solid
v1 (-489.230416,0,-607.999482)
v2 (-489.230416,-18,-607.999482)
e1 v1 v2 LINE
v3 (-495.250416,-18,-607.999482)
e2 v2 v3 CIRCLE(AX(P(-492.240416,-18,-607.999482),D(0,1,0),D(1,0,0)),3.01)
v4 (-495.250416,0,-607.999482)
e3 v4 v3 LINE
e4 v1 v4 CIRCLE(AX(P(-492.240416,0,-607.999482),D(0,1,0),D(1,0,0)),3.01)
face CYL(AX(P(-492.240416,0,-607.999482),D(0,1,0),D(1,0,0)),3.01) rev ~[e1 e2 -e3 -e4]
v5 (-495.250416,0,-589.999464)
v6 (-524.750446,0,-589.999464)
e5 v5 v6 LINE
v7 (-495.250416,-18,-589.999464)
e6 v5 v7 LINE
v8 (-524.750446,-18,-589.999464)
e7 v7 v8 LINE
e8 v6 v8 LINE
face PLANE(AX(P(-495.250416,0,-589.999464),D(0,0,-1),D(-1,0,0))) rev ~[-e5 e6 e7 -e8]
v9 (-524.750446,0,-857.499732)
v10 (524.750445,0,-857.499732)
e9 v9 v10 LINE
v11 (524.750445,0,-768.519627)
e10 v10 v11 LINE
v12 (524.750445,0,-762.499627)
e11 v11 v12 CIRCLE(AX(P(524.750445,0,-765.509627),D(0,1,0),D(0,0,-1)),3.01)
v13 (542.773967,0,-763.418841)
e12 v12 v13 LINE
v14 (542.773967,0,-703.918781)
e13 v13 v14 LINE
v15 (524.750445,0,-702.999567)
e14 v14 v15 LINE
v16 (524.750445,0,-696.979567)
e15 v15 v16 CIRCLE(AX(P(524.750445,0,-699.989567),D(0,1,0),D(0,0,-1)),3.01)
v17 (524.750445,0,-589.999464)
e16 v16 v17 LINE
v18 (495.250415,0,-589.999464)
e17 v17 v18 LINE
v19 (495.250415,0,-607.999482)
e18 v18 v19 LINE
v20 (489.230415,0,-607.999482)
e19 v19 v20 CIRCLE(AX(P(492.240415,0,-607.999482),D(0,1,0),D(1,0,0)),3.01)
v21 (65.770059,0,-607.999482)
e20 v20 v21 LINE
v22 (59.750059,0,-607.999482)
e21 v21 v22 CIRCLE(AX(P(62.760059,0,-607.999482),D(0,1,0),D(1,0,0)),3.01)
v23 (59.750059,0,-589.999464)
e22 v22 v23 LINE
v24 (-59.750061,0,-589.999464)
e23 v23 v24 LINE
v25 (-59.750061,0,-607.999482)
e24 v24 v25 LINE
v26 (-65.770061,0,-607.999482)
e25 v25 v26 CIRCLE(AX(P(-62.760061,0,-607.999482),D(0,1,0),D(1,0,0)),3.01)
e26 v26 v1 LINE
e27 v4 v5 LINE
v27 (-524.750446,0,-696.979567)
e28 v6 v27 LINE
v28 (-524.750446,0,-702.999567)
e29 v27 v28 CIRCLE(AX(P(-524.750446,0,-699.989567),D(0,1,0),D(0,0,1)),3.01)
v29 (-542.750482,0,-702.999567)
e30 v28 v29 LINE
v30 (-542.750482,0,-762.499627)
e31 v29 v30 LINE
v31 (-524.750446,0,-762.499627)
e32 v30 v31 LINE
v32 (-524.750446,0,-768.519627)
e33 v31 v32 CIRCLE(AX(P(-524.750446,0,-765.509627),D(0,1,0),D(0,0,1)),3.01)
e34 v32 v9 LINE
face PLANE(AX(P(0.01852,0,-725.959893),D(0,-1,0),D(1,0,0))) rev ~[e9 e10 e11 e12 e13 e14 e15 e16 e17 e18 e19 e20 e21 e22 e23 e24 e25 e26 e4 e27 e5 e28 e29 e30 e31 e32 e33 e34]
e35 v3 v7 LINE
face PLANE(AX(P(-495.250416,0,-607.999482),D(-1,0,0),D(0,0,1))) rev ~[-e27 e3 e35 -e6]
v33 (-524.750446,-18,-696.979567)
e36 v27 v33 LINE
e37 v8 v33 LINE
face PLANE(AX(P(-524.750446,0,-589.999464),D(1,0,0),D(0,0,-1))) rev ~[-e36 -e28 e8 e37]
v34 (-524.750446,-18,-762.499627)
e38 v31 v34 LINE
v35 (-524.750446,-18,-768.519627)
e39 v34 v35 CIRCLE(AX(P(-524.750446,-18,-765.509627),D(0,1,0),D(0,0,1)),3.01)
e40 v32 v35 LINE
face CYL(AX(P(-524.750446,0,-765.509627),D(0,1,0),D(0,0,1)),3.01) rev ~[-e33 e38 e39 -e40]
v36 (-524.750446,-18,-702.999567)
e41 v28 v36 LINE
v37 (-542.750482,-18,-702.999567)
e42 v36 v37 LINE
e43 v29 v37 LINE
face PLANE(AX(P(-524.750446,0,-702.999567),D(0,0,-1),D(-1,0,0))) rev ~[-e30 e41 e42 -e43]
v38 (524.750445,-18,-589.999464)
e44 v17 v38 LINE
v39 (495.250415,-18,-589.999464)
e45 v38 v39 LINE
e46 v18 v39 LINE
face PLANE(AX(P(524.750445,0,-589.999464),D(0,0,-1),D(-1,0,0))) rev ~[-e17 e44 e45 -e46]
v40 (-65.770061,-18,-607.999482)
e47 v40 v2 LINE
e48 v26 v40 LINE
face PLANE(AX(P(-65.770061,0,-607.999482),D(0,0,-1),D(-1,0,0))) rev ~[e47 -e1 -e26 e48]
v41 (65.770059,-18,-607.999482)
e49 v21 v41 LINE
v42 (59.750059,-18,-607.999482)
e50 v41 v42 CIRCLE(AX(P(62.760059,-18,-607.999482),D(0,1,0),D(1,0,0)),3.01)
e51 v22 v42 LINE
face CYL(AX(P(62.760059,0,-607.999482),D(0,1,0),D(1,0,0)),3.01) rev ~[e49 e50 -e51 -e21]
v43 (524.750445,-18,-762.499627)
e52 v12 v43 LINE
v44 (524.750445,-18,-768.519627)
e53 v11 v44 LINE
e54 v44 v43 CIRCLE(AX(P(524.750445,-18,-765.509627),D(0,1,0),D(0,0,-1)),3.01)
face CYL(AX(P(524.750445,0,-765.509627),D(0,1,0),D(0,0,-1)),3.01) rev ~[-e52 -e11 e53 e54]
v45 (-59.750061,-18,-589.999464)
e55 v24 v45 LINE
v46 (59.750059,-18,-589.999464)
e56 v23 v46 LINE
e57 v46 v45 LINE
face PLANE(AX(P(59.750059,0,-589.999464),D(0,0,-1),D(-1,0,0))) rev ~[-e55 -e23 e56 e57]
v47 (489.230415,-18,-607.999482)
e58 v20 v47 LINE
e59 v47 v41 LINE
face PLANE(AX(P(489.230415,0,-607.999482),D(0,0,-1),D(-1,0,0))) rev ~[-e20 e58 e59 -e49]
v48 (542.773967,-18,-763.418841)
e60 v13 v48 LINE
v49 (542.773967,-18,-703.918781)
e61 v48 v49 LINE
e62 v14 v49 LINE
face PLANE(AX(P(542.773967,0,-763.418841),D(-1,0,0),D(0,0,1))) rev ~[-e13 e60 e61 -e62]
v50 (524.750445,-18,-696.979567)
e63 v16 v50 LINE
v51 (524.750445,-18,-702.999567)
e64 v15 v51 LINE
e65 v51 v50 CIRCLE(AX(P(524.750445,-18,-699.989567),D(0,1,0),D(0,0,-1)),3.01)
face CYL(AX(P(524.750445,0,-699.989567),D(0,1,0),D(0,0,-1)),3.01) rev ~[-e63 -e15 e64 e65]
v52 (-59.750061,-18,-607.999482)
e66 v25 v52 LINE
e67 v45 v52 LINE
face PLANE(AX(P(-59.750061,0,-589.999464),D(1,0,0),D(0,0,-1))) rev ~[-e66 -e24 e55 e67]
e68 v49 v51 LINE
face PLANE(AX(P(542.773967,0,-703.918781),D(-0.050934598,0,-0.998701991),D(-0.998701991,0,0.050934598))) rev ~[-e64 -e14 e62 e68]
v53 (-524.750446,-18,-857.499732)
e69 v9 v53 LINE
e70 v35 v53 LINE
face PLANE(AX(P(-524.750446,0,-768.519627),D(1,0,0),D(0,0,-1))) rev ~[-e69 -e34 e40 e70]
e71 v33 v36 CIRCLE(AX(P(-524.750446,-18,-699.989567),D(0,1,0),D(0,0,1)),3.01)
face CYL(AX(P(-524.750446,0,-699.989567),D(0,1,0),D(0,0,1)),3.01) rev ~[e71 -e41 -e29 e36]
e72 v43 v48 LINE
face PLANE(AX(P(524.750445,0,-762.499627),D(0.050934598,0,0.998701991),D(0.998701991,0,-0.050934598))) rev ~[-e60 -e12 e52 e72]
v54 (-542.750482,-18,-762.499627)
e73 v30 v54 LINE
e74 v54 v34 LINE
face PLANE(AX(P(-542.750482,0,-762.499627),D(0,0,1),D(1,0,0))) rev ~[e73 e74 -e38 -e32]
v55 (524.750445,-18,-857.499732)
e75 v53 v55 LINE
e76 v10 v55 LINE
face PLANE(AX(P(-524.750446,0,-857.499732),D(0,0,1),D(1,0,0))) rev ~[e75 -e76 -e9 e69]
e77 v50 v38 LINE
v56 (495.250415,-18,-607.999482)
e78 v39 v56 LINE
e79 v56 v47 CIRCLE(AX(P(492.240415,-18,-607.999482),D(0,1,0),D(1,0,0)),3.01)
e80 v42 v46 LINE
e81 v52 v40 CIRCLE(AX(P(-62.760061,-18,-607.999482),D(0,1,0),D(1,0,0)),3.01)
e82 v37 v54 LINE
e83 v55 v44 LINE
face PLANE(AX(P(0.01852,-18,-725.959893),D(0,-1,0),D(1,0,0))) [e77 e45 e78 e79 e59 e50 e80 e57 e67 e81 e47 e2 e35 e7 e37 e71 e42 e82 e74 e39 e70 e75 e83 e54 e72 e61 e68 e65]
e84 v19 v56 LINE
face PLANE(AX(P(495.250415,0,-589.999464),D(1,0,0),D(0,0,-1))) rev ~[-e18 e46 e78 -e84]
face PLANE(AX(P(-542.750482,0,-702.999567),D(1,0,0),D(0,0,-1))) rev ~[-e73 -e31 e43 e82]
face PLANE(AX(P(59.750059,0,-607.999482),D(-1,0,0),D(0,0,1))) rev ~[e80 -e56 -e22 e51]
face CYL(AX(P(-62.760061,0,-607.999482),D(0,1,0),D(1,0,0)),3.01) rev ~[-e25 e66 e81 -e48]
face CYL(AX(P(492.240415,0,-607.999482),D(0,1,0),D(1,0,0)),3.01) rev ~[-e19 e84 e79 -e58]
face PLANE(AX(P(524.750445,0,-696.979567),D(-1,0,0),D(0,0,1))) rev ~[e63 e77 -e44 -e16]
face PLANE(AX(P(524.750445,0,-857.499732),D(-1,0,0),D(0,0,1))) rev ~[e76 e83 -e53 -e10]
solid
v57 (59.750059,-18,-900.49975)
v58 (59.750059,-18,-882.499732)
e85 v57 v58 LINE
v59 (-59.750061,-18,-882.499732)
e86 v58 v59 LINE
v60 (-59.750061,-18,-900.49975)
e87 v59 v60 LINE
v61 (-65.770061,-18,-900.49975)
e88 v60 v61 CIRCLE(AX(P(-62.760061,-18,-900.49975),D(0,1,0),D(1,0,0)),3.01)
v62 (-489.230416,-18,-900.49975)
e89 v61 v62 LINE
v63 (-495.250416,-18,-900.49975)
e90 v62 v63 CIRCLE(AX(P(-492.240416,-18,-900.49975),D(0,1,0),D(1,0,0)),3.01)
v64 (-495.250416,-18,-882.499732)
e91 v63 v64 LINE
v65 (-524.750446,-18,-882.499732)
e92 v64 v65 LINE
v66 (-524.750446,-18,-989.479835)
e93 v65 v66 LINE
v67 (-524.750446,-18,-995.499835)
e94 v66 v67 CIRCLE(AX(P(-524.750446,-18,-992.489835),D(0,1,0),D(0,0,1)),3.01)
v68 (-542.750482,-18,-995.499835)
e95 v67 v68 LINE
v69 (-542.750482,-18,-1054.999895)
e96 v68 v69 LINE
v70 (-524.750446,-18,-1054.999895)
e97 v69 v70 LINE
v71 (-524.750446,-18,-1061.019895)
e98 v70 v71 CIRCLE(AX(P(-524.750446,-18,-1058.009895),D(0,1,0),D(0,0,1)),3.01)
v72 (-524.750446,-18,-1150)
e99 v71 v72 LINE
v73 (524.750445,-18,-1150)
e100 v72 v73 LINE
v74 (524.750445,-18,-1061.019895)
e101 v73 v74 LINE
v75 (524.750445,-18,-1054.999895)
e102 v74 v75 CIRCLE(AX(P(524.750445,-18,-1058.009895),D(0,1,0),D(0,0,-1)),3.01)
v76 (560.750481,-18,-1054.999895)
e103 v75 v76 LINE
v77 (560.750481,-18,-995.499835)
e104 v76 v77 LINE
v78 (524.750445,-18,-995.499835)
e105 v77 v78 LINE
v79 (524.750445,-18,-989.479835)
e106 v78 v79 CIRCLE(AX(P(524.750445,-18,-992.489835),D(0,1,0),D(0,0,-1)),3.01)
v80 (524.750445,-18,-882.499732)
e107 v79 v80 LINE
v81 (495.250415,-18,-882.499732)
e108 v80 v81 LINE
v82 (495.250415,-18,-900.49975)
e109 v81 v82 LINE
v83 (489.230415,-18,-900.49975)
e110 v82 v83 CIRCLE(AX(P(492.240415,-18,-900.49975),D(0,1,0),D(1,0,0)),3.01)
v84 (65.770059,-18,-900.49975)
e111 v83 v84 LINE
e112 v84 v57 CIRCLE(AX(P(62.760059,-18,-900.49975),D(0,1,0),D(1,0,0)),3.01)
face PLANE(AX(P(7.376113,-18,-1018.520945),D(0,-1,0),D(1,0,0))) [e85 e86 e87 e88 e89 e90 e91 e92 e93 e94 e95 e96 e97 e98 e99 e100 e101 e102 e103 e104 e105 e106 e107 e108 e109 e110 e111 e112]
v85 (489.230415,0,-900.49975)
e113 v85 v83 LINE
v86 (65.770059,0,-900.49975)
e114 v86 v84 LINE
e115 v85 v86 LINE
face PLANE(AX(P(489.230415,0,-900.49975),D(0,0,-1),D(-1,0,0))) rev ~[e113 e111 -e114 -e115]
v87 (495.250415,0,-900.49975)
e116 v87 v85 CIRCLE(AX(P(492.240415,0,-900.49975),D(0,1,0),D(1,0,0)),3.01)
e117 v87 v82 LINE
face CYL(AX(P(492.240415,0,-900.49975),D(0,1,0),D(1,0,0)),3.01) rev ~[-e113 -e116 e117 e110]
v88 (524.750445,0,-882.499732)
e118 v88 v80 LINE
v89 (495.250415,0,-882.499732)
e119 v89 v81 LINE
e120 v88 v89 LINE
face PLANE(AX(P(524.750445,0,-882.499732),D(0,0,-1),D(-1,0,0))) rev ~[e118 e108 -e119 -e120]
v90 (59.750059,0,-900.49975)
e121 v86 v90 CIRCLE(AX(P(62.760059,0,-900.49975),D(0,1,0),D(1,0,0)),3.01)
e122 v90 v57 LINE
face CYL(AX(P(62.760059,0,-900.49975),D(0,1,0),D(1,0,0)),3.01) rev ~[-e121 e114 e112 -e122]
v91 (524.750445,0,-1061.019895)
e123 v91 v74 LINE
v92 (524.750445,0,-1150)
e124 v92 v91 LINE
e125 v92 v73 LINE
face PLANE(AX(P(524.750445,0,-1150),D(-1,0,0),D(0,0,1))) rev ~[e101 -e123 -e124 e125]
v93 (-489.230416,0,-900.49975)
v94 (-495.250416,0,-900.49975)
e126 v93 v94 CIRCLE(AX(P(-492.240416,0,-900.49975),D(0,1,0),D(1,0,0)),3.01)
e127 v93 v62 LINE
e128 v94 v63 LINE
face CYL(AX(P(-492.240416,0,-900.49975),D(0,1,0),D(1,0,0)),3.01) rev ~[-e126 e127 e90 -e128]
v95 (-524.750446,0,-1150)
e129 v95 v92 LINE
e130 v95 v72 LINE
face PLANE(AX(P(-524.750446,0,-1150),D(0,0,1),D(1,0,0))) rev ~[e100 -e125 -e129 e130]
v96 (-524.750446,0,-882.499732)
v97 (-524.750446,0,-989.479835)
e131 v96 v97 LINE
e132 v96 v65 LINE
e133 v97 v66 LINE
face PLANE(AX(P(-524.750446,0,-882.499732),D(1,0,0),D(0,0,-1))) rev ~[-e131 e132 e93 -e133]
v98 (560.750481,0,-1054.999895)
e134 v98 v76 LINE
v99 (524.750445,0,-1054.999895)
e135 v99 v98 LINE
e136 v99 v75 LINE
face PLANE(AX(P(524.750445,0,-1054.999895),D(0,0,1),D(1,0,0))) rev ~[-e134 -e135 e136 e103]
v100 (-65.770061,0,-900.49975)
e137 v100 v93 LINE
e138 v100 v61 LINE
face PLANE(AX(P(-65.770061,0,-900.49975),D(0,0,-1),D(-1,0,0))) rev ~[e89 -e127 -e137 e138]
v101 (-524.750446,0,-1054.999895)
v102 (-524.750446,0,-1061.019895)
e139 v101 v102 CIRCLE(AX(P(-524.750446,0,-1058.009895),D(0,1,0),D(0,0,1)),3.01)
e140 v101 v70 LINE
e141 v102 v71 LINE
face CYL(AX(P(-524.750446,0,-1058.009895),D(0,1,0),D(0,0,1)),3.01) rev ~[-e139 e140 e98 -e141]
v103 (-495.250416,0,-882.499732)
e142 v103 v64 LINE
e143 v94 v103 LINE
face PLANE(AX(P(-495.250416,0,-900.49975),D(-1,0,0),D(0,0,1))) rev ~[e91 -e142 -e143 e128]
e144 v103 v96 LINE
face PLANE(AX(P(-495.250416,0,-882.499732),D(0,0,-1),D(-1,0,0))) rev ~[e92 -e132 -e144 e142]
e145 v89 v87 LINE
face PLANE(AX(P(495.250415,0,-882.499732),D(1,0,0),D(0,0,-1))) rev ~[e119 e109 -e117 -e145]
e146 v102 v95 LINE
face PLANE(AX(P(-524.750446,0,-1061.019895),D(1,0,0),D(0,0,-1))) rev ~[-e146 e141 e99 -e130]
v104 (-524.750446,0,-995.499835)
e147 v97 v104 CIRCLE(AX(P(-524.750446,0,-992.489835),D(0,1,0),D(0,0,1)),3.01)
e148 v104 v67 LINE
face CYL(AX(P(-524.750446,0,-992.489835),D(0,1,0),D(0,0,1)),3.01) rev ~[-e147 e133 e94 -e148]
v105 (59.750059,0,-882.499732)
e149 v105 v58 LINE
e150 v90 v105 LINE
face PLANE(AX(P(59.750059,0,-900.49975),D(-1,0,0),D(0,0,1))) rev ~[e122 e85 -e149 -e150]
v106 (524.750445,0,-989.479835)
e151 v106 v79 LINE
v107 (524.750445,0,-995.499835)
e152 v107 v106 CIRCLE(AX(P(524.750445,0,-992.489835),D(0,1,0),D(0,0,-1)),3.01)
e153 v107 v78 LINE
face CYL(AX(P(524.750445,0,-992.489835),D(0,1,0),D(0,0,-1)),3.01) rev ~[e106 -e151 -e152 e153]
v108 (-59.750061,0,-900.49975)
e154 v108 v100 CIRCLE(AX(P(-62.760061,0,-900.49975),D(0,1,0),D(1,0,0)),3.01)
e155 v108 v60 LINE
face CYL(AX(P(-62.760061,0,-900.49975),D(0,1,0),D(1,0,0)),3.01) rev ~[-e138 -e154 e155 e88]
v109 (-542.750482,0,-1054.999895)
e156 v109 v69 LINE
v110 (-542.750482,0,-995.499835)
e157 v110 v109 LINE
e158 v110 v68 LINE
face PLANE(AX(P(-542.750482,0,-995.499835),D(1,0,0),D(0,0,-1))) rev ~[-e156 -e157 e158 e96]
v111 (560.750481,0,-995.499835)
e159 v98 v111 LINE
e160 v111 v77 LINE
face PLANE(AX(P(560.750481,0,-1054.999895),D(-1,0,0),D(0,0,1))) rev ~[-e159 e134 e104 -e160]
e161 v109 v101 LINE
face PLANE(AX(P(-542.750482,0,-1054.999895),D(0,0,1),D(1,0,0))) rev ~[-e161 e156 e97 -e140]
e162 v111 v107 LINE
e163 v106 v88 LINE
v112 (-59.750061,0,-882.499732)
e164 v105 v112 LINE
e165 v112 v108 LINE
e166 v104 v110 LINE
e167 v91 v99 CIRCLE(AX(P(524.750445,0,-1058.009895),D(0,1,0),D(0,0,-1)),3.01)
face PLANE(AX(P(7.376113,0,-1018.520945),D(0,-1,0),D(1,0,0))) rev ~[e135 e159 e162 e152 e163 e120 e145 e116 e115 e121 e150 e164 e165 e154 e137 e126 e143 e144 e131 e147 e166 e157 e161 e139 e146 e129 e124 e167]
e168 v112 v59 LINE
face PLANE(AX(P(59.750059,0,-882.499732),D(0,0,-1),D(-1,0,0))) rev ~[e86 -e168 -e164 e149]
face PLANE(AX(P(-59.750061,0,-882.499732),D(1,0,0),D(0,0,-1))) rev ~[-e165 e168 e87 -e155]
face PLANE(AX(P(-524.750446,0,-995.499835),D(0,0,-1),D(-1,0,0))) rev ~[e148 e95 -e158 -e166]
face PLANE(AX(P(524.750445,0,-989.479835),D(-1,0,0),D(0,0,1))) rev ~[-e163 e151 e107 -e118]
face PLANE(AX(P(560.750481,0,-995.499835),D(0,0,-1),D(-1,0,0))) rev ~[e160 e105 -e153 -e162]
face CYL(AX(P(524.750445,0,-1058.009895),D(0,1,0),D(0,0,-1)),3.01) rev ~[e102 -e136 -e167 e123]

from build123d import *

# Parameters (mm, degrees)
F1_DEPTH = 18
F2_DEPTH = 18


with BuildPart() as f1:
    # F0 (on Front) → F1 (new body)
    with BuildSketch(Plane.XZ):
        with BuildLine():
            Line((59.750059, -882.499732), (-59.750061, -882.499732))
            Line((-59.750061, -882.499732), (-59.750061, -900.49975))
            ThreePointArc((-59.750061, -900.49975), (-62.760061, -903.50975), (-65.770061, -900.49975))
            Line((-65.770061, -900.49975), (-489.230416, -900.49975))
            ThreePointArc((-489.230416, -900.49975), (-492.240416, -903.50975), (-495.250416, -900.49975))
            Line((-495.250416, -900.49975), (-495.250416, -882.499732))
            Line((-495.250416, -882.499732), (-524.750446, -882.499732))
            Line((-524.750446, -882.499732), (-524.750446, -989.479835))
            ThreePointArc((-524.750446, -989.479835), (-521.740446, -992.489835), (-524.750446, -995.499835))
            Line((-524.750446, -995.499835), (-542.750482, -995.499835))
            Line((-542.750482, -995.499835), (-542.750482, -1054.999895))
            Line((-542.750482, -1054.999895), (-524.750446, -1054.999895))
            ThreePointArc((-524.750446, -1054.999895), (-521.740446, -1058.009895), (-524.750446, -1061.019895))
            Line((-524.750446, -1061.019895), (-524.750446, -1150))
            Line((-524.750446, -1150), (524.750445, -1150))
            Line((524.750445, -1150), (524.750445, -1061.019895))
            ThreePointArc((524.750445, -1061.019895), (521.740445, -1058.009895), (524.750445, -1054.999895))
            Line((524.750445, -1054.999895), (560.750481, -1054.999895))
            Line((560.750481, -1054.999895), (560.750481, -995.499835))
            Line((560.750481, -995.499835), (524.750445, -995.499835))
            ThreePointArc((524.750445, -995.499835), (521.740445, -992.489835), (524.750445, -989.479835))
            Line((524.750445, -989.479835), (524.750445, -882.499732))
            Line((524.750445, -882.499732), (495.250415, -882.499732))
            Line((495.250415, -882.499732), (495.250415, -900.49975))
            ThreePointArc((495.250415, -900.49975), (492.240415, -903.50975), (489.230415, -900.49975))
            Line((489.230415, -900.49975), (65.770059, -900.49975))
            ThreePointArc((65.770059, -900.49975), (62.760059, -903.50975), (59.750059, -900.49975))
            Line((59.750059, -900.49975), (59.750059, -882.499732))
        make_face()
    extrude(amount=F1_DEPTH)


with BuildPart() as f2:
    # F0 (on Front) → F2 (new body)
    with BuildSketch(Plane.XZ):
        with BuildLine():
            Line((59.750059, -589.999464), (-59.750061, -589.999464))
            Line((-59.750061, -589.999464), (-59.750061, -607.999482))
            ThreePointArc((-59.750061, -607.999482), (-62.760061, -611.009482), (-65.770061, -607.999482))
            Line((-65.770061, -607.999482), (-489.230416, -607.999482))
            ThreePointArc((-489.230416, -607.999482), (-492.240416, -611.009482), (-495.250416, -607.999482))
            Line((-495.250416, -607.999482), (-495.250416, -589.999464))
            Line((-495.250416, -589.999464), (-524.750446, -589.999464))
            Line((-524.750446, -589.999464), (-524.750446, -696.979567))
            ThreePointArc((-524.750446, -696.979567), (-521.740446, -699.989567), (-524.750446, -702.999567))
            Line((-524.750446, -702.999567), (-542.750482, -702.999567))
            Line((-542.750482, -702.999567), (-542.750482, -762.499627))
            Line((-542.750482, -762.499627), (-524.750446, -762.499627))
            ThreePointArc((-524.750446, -762.499627), (-521.740446, -765.509627), (-524.750446, -768.519627))
            Line((-524.750446, -768.519627), (-524.750446, -857.499732))
            Line((-524.750446, -857.499732), (524.750445, -857.499732))
            Line((524.750445, -857.499732), (524.750445, -768.519627))
            ThreePointArc((524.750445, -768.519627), (521.740445, -765.509627), (524.750445, -762.499627))
            Line((524.750445, -762.499627), (542.773967, -763.418841))
            Line((542.773967, -763.418841), (542.773967, -703.918781))
            Line((542.773967, -703.918781), (524.750445, -702.999567))
            ThreePointArc((524.750445, -702.999567), (521.740445, -699.989567), (524.750445, -696.979567))
            Line((524.750445, -696.979567), (524.750445, -589.999464))
            Line((524.750445, -589.999464), (495.250415, -589.999464))
            Line((495.250415, -589.999464), (495.250415, -607.999482))
            ThreePointArc((495.250415, -607.999482), (492.240415, -611.009482), (489.230415, -607.999482))
            Line((489.230415, -607.999482), (65.770059, -607.999482))
            ThreePointArc((65.770059, -607.999482), (62.760059, -611.009482), (59.750059, -607.999482))
            Line((59.750059, -607.999482), (59.750059, -589.999464))
        make_face()
    extrude(amount=F2_DEPTH)


solid = Compound([f1.part, f2.part])
